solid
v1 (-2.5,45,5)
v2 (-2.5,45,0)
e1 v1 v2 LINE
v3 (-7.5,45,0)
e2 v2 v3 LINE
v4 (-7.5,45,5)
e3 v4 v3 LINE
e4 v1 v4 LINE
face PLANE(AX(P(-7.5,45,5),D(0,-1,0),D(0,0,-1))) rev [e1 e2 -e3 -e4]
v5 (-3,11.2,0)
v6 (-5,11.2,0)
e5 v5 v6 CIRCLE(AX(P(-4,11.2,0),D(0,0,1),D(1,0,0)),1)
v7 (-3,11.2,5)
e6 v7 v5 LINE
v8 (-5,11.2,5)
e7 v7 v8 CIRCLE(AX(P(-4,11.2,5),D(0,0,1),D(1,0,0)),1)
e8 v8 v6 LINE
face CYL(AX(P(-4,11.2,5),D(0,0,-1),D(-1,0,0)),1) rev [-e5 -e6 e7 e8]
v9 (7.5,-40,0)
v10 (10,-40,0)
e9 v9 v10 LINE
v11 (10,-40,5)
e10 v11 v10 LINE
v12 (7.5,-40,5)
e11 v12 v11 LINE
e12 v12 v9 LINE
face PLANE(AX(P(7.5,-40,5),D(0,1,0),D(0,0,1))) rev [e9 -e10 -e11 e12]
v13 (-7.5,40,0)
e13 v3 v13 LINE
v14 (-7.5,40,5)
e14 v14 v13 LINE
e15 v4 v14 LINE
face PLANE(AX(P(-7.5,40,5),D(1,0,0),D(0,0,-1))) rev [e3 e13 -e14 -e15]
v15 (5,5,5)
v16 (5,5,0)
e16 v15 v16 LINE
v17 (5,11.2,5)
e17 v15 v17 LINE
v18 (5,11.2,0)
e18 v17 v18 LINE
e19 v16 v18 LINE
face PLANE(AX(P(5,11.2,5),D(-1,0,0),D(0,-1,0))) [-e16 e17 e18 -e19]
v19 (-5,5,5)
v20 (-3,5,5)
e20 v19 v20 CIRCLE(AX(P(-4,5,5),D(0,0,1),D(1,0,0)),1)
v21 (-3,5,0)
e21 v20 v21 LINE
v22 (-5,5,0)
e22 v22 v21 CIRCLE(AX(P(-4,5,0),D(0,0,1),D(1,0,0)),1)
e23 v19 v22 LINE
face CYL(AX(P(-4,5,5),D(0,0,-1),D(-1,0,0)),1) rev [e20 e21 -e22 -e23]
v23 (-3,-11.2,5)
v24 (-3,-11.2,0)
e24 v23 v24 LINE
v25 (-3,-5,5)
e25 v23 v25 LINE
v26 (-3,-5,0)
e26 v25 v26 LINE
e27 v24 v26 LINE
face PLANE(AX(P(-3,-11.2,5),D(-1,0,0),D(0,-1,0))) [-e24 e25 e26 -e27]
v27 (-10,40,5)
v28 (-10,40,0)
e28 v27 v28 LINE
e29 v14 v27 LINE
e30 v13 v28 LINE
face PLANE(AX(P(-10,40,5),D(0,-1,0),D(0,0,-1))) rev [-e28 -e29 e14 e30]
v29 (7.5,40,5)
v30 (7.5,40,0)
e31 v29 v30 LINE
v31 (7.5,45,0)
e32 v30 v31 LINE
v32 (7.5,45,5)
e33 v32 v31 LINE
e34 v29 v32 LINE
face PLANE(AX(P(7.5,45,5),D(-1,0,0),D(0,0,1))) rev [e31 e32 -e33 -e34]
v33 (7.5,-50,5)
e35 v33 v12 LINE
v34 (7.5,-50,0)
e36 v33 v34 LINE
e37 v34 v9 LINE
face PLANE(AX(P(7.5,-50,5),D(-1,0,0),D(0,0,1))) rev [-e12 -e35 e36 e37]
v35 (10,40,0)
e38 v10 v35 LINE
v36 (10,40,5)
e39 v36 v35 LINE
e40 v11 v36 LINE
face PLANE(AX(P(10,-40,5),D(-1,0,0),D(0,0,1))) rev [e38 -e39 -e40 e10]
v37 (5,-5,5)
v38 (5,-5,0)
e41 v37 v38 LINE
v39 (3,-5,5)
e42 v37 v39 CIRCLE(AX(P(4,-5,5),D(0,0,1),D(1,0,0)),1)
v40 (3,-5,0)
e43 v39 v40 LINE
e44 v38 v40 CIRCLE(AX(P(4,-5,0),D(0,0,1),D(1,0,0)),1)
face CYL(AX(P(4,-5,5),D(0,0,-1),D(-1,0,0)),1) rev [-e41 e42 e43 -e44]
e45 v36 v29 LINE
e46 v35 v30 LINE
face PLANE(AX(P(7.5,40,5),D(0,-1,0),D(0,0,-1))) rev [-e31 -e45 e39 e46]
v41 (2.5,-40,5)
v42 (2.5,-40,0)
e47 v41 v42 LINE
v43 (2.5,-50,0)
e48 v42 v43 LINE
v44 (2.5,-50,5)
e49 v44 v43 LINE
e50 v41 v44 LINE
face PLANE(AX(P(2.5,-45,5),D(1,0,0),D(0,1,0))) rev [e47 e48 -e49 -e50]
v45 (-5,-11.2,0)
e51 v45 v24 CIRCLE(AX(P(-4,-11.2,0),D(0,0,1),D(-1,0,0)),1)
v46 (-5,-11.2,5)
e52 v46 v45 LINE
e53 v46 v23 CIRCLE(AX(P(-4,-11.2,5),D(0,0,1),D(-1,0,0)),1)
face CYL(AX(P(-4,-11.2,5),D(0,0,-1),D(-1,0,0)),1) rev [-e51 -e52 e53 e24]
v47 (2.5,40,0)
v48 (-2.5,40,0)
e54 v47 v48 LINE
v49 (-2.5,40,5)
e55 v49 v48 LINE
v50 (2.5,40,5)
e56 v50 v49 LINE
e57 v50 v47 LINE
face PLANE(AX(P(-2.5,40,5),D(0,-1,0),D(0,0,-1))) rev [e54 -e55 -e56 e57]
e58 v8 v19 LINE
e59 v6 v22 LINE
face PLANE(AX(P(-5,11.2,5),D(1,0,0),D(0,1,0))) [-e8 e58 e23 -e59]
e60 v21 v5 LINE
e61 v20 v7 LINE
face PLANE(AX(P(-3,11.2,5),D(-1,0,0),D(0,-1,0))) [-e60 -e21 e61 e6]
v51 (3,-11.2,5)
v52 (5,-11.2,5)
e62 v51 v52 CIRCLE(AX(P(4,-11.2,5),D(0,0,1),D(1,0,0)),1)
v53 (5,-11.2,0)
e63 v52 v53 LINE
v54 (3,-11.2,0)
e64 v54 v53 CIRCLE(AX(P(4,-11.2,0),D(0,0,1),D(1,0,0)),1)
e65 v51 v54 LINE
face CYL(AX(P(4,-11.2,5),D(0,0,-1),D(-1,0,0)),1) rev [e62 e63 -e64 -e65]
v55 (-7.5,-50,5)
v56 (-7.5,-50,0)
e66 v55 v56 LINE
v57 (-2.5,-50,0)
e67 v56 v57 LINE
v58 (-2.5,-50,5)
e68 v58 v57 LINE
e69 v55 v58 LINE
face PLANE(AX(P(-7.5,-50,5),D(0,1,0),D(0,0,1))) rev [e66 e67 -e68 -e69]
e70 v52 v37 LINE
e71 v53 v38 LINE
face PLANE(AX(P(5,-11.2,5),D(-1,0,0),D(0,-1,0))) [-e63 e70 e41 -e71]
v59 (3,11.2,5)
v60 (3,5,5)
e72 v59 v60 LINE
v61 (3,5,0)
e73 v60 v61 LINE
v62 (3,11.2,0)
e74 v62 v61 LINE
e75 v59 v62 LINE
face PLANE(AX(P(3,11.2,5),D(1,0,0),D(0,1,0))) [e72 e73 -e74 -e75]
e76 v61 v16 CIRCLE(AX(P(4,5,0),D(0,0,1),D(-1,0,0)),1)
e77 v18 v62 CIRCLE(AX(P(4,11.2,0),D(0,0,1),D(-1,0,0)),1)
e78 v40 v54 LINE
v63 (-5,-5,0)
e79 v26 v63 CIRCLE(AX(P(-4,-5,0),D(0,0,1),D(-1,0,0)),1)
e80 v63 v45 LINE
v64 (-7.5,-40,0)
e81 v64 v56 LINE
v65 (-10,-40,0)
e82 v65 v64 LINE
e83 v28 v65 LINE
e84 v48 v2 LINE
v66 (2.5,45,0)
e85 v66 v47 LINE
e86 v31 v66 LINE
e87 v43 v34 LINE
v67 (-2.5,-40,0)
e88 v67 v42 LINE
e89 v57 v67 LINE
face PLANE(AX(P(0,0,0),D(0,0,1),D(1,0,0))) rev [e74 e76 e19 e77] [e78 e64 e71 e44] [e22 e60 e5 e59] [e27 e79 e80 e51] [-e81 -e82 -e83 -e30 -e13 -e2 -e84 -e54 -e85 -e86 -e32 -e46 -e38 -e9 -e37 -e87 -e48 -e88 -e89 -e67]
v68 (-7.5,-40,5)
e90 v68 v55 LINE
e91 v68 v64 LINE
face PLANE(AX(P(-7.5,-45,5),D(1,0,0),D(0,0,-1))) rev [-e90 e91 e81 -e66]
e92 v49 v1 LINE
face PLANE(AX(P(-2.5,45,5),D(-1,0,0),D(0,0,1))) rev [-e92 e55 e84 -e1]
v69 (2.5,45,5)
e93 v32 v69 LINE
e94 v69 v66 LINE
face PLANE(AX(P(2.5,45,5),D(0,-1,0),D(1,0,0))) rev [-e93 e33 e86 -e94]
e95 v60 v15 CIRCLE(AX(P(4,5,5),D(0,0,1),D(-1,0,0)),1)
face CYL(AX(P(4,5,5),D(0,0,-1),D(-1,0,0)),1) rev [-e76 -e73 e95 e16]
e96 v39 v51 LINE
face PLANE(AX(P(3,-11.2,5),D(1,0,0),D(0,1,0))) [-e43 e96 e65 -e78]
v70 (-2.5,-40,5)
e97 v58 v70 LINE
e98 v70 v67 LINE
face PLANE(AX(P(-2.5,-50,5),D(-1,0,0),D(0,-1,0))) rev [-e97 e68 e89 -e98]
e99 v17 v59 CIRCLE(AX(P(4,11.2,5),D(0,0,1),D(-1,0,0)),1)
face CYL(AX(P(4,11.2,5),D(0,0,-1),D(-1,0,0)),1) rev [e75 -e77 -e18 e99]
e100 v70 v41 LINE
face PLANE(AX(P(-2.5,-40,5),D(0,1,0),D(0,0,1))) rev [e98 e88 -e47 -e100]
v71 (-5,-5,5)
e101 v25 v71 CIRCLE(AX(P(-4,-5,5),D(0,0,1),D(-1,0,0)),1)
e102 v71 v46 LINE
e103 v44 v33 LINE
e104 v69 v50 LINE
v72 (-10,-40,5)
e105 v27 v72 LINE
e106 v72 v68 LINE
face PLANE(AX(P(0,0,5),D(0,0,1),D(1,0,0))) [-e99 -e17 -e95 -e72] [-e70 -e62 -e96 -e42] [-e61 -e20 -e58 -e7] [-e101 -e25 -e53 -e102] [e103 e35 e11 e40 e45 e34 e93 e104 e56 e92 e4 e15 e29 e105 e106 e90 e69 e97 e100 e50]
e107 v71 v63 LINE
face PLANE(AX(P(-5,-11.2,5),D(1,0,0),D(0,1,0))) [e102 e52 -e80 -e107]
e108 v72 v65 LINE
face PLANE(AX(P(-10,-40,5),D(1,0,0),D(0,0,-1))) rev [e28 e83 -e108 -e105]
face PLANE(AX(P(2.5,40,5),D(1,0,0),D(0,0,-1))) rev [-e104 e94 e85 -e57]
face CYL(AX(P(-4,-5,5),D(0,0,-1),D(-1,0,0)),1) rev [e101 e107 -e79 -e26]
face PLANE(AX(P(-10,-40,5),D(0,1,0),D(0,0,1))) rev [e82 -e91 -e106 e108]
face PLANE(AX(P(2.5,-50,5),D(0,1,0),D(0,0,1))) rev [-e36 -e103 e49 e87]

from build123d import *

# Parameters (mm, degrees)
BOSS_EXTRUDE1_DEPTH = 5


with BuildPart() as part:
    # Sketch1 → Boss-Extrude1 (new body)
    with BuildSketch(Plane.XY):
        Polygon((-7.5, 40), (-7.5, 45), (-2.5, 45), (-2.5, 40), (2.5, 40), (2.5, 45), (7.5, 45), (7.5, 40), (10, 40), (10, -40), (7.5, -40), (7.5, -50), (2.5, -50), (2.5, -45), (2.5, -40), (-2.5, -40), (-2.5, -50), (-7.5, -50), (-7.5, -45), (-7.5, -40), (-10, -40), (-10, 40), align=None)
        with BuildLine():
            Line((3, -11.2), (3, -5))
            ThreePointArc((3, -5), (4, -4), (5, -5))
            Line((5, -5), (5, -11.2))
            ThreePointArc((5, -11.2), (4, -12.2), (3, -11.2))
        make_face(mode=Mode.SUBTRACT)
        with BuildLine():
            Line((3, 11.2), (3, 5))
            ThreePointArc((3, 5), (4, 4), (5, 5))
            Line((5, 5), (5, 11.2))
            ThreePointArc((5, 11.2), (4, 12.2), (3, 11.2))
        make_face(mode=Mode.SUBTRACT)
        with BuildLine():
            Line((-3, 11.2), (-3, 5))
            ThreePointArc((-3, 5), (-4, 4), (-5, 5))
            Line((-5, 5), (-5, 11.2))
            ThreePointArc((-5, 11.2), (-4, 12.2), (-3, 11.2))
        make_face(mode=Mode.SUBTRACT)
        with BuildLine():
            Line((-3, -11.2), (-3, -5))
            ThreePointArc((-3, -5), (-4, -4), (-5, -5))
            Line((-5, -5), (-5, -11.2))
            ThreePointArc((-5, -11.2), (-4, -12.2), (-3, -11.2))
        make_face(mode=Mode.SUBTRACT)
    extrude(amount=BOSS_EXTRUDE1_DEPTH)


solid = part.part
